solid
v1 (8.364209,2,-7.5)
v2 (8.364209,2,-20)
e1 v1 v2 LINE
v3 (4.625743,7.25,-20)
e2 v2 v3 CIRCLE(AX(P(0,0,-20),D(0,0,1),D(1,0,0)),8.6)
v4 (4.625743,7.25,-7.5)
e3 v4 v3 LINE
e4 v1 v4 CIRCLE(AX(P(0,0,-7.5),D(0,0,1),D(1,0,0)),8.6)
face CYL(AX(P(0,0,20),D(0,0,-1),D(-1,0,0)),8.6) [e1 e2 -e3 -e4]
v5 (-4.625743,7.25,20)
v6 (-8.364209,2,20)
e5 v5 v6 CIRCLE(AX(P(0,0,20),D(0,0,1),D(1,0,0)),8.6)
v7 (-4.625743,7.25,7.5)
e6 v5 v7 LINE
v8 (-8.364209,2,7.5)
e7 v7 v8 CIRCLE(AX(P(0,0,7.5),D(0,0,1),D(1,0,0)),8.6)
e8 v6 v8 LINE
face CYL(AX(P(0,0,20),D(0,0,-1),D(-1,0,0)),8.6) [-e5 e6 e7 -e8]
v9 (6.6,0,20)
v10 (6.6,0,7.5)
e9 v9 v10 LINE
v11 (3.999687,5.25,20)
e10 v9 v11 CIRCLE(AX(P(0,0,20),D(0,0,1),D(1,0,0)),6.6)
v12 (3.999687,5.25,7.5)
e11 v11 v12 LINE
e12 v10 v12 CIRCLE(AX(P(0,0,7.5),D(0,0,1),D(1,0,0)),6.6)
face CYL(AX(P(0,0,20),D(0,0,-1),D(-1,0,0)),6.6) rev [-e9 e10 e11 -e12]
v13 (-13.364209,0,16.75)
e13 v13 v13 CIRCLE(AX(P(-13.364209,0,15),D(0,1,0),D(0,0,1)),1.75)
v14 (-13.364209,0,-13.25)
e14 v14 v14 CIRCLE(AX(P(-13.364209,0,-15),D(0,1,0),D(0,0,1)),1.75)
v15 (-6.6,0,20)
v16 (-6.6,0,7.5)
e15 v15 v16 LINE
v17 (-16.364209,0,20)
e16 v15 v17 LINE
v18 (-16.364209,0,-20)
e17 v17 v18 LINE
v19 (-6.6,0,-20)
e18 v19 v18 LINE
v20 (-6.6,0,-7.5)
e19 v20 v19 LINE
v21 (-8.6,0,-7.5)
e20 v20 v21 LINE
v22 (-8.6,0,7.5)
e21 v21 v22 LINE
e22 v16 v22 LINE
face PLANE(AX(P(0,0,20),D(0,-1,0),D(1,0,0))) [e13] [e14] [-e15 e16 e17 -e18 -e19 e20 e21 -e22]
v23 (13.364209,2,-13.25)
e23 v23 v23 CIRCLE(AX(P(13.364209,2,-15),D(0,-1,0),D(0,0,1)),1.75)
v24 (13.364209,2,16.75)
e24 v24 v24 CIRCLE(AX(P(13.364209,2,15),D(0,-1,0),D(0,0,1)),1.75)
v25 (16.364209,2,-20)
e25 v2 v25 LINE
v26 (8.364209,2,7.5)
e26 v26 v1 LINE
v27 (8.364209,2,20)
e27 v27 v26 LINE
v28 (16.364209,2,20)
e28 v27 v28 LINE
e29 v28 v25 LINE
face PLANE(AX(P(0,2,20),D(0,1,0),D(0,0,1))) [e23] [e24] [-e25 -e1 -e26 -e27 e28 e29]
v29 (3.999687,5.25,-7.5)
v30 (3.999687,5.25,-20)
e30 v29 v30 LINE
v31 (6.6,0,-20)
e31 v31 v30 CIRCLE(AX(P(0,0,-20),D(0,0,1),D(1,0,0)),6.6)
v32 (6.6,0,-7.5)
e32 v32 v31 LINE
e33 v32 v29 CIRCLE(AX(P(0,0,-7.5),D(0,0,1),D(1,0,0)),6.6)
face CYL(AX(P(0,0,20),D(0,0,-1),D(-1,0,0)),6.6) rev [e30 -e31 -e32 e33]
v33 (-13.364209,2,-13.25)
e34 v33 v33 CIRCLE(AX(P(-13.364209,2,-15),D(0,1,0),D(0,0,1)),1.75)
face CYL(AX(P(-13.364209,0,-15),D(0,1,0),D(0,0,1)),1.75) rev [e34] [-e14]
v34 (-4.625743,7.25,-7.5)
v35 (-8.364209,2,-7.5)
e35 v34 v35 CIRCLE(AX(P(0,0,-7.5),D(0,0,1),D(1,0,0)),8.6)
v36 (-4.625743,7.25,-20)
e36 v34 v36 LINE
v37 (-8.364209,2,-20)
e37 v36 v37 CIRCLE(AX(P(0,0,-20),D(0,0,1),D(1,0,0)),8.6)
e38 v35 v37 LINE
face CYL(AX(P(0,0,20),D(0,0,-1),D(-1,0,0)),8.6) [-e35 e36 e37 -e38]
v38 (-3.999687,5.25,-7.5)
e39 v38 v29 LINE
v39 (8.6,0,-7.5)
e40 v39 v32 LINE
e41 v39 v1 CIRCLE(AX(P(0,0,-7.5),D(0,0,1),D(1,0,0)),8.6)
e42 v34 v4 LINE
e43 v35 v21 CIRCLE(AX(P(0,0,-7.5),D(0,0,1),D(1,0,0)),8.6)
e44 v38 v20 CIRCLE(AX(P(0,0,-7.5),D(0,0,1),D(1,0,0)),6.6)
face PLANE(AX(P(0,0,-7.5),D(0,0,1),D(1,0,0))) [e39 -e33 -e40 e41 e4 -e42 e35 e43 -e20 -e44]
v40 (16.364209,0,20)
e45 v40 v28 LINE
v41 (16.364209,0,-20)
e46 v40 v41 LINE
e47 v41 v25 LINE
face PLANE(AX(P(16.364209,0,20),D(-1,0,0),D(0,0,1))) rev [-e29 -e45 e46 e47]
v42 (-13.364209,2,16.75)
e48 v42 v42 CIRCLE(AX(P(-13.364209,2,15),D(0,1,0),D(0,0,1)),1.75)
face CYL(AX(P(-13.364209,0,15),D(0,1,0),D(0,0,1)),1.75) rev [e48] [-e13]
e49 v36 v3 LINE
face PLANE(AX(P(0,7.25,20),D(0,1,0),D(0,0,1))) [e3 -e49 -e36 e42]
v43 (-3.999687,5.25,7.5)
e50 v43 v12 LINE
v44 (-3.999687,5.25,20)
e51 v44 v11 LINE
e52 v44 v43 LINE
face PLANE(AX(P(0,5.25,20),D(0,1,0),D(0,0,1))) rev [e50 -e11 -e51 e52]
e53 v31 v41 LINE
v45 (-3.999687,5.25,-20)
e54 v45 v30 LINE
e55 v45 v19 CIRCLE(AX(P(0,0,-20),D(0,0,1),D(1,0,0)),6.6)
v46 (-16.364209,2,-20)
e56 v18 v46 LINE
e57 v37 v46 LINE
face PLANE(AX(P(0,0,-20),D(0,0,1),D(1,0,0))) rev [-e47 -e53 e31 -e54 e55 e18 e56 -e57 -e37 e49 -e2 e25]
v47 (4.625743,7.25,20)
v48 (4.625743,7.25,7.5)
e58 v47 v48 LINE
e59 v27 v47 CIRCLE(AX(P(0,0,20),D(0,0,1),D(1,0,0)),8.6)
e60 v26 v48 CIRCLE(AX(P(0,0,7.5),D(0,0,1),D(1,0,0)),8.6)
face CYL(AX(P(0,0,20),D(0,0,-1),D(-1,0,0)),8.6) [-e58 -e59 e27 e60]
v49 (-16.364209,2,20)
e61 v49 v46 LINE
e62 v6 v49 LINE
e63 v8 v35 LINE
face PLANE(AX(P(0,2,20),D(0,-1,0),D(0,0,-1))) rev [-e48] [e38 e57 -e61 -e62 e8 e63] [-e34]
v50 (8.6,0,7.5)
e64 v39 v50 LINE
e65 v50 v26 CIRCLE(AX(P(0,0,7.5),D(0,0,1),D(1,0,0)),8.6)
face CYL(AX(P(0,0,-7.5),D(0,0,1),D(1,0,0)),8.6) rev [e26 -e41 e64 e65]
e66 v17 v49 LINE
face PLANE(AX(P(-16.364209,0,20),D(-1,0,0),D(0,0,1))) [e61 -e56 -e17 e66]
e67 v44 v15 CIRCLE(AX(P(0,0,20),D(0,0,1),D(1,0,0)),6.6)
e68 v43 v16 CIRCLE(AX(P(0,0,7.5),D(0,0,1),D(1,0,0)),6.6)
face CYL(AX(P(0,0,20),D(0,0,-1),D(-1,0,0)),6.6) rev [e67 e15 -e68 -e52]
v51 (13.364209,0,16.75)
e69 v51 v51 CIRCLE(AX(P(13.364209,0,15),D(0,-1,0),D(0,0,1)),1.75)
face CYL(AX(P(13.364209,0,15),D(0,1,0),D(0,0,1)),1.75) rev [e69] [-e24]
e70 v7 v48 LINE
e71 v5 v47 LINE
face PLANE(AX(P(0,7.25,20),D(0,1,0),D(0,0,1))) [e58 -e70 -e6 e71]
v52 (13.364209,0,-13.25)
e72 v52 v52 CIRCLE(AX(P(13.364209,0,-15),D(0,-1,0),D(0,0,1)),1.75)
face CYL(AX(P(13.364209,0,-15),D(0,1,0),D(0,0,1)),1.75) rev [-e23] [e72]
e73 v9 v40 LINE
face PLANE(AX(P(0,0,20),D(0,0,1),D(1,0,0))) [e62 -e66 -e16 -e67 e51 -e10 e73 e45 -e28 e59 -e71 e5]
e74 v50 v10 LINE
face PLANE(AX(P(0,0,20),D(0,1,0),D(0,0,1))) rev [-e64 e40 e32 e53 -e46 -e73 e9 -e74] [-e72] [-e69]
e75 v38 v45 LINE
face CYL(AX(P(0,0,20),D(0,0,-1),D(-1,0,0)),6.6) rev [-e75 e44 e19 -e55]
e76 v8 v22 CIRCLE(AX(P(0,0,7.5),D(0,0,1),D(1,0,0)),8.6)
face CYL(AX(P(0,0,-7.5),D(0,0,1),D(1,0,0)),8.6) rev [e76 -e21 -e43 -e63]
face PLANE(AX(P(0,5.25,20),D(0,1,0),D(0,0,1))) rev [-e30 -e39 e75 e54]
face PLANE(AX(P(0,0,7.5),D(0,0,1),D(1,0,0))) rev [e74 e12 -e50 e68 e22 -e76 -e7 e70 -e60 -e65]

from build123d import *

# Parameters (mm, degrees)
BOSS_EXTRUDE1_DEPTH   = 20
BOSS_EXTRUDE1_2_DEPTH = 20
BOSS_EXTRUDE2_DEPTH   = 20
CUT_EXTRUDE1_DEPTH    = 7.5
SKETCH3_R             = 1.75
CUT_EXTRUDE2_DEPTH    = 27.369487129


with BuildPart() as part:
    # Sketch2 → Boss-Extrude1 (new, symmetric)
    with BuildSketch(Plane.XY):
        with BuildLine():
            Line((-16.364209467, 0), (-8.6, 0))
            ThreePointArc((-8.6, 0), (-8.540848945, 1.006925665), (-8.364209467, 2))
            Line((-8.364209467, 2), (-16.364209467, 2))
            Line((-16.364209467, 2), (-16.364209467, 0))
        make_face()
    extrude(amount=BOSS_EXTRUDE1_DEPTH, both=True)



with BuildPart() as body_2:
    # Sketch2 → Boss-Extrude1 2 (new, symmetric)
    with BuildSketch(Plane.XY):
        with BuildLine():
            ThreePointArc((8.364209467, 2), (8.540848945, 1.006925665), (8.6, 0))
            Line((8.6, 0), (16.364209467, 0))
            Line((16.364209467, 0), (16.364209467, 2))
            Line((16.364209467, 2), (8.364209467, 2))
        make_face()
    extrude(amount=BOSS_EXTRUDE1_2_DEPTH, both=True)


with BuildPart() as part_1:
    add(part.part)

    add(body_2.part)  # Boss-Extrude2 merges body 2
    # Sketch2<4> → Boss-Extrude2 (add, symmetric)
    with BuildSketch(Plane.XY):
        with BuildLine():
            Line((-8.6, 0), (-6.6, 0))
            ThreePointArc((-6.6, 0), (-5.914302048, 2.929339736), (-3.999687488, 5.25))
            Line((-3.999687488, 5.25), (3.999687488, 5.25))
            ThreePointArc((3.999687488, 5.25), (5.914302048, 2.929339736), (6.6, 0))
            Line((6.6, 0), (8.6, 0))
            ThreePointArc((8.6, 0), (8.540848945, 1.006925665), (8.364209467, 2))
            ThreePointArc((8.364209467, 2), (7.005379537, 4.988452419), (4.625743184, 7.25))
            Line((4.625743184, 7.25), (-4.625743184, 7.25))
            ThreePointArc((-4.625743184, 7.25), (-7.005379537, 4.988452419), (-8.364209467, 2))
            ThreePointArc((-8.364209467, 2), (-8.540848945, 1.006925665), (-8.6, 0))
        make_face()
    extrude(amount=BOSS_EXTRUDE2_DEPTH, both=True)

    # Sketch2<5> → Cut-Extrude1 (cut, symmetric)
    with BuildSketch(Plane.XY):
        with BuildLine():
            Line((-8.6, 0), (-6.6, 0))
            ThreePointArc((-6.6, 0), (-5.914302048, 2.929339736), (-3.999687488, 5.25))
            Line((-3.999687488, 5.25), (3.999687488, 5.25))
            ThreePointArc((3.999687488, 5.25), (5.914302048, 2.929339736), (6.6, 0))
            Line((6.6, 0), (8.6, 0))
            ThreePointArc((8.6, 0), (8.540848945, 1.006925665), (8.364209467, 2))
            ThreePointArc((8.364209467, 2), (7.005379537, 4.988452419), (4.625743184, 7.25))
            Line((4.625743184, 7.25), (-4.625743184, 7.25))
            ThreePointArc((-4.625743184, 7.25), (-7.005379537, 4.988452419), (-8.364209467, 2))
            ThreePointArc((-8.364209467, 2), (-8.540848945, 1.006925665), (-8.6, 0))
        make_face()
    extrude(amount=CUT_EXTRUDE1_DEPTH, both=True, mode=Mode.SUBTRACT)

    # Sketch3 → Cut-Extrude2 (cut, through all)
    with BuildSketch(Plane(origin=(0, 2, 0), x_dir=(1, 0, 0), z_dir=(0, 1, 0))):
        with Locations((-13.364209467, 15)):
            Circle(SKETCH3_R)
        with Locations((-13.364209467, -15)):
            Circle(SKETCH3_R)
    cut_extrude2 = extrude(amount=-CUT_EXTRUDE2_DEPTH, mode=Mode.SUBTRACT)

    # Mirror1: Cut-Extrude2 across plane
    add(cut_extrude2.mirror(Plane(origin=(0, 0, 0), x_dir=(0, 0, 1), z_dir=(1, 0, 0))), mode=Mode.SUBTRACT)


solid = part_1.part
